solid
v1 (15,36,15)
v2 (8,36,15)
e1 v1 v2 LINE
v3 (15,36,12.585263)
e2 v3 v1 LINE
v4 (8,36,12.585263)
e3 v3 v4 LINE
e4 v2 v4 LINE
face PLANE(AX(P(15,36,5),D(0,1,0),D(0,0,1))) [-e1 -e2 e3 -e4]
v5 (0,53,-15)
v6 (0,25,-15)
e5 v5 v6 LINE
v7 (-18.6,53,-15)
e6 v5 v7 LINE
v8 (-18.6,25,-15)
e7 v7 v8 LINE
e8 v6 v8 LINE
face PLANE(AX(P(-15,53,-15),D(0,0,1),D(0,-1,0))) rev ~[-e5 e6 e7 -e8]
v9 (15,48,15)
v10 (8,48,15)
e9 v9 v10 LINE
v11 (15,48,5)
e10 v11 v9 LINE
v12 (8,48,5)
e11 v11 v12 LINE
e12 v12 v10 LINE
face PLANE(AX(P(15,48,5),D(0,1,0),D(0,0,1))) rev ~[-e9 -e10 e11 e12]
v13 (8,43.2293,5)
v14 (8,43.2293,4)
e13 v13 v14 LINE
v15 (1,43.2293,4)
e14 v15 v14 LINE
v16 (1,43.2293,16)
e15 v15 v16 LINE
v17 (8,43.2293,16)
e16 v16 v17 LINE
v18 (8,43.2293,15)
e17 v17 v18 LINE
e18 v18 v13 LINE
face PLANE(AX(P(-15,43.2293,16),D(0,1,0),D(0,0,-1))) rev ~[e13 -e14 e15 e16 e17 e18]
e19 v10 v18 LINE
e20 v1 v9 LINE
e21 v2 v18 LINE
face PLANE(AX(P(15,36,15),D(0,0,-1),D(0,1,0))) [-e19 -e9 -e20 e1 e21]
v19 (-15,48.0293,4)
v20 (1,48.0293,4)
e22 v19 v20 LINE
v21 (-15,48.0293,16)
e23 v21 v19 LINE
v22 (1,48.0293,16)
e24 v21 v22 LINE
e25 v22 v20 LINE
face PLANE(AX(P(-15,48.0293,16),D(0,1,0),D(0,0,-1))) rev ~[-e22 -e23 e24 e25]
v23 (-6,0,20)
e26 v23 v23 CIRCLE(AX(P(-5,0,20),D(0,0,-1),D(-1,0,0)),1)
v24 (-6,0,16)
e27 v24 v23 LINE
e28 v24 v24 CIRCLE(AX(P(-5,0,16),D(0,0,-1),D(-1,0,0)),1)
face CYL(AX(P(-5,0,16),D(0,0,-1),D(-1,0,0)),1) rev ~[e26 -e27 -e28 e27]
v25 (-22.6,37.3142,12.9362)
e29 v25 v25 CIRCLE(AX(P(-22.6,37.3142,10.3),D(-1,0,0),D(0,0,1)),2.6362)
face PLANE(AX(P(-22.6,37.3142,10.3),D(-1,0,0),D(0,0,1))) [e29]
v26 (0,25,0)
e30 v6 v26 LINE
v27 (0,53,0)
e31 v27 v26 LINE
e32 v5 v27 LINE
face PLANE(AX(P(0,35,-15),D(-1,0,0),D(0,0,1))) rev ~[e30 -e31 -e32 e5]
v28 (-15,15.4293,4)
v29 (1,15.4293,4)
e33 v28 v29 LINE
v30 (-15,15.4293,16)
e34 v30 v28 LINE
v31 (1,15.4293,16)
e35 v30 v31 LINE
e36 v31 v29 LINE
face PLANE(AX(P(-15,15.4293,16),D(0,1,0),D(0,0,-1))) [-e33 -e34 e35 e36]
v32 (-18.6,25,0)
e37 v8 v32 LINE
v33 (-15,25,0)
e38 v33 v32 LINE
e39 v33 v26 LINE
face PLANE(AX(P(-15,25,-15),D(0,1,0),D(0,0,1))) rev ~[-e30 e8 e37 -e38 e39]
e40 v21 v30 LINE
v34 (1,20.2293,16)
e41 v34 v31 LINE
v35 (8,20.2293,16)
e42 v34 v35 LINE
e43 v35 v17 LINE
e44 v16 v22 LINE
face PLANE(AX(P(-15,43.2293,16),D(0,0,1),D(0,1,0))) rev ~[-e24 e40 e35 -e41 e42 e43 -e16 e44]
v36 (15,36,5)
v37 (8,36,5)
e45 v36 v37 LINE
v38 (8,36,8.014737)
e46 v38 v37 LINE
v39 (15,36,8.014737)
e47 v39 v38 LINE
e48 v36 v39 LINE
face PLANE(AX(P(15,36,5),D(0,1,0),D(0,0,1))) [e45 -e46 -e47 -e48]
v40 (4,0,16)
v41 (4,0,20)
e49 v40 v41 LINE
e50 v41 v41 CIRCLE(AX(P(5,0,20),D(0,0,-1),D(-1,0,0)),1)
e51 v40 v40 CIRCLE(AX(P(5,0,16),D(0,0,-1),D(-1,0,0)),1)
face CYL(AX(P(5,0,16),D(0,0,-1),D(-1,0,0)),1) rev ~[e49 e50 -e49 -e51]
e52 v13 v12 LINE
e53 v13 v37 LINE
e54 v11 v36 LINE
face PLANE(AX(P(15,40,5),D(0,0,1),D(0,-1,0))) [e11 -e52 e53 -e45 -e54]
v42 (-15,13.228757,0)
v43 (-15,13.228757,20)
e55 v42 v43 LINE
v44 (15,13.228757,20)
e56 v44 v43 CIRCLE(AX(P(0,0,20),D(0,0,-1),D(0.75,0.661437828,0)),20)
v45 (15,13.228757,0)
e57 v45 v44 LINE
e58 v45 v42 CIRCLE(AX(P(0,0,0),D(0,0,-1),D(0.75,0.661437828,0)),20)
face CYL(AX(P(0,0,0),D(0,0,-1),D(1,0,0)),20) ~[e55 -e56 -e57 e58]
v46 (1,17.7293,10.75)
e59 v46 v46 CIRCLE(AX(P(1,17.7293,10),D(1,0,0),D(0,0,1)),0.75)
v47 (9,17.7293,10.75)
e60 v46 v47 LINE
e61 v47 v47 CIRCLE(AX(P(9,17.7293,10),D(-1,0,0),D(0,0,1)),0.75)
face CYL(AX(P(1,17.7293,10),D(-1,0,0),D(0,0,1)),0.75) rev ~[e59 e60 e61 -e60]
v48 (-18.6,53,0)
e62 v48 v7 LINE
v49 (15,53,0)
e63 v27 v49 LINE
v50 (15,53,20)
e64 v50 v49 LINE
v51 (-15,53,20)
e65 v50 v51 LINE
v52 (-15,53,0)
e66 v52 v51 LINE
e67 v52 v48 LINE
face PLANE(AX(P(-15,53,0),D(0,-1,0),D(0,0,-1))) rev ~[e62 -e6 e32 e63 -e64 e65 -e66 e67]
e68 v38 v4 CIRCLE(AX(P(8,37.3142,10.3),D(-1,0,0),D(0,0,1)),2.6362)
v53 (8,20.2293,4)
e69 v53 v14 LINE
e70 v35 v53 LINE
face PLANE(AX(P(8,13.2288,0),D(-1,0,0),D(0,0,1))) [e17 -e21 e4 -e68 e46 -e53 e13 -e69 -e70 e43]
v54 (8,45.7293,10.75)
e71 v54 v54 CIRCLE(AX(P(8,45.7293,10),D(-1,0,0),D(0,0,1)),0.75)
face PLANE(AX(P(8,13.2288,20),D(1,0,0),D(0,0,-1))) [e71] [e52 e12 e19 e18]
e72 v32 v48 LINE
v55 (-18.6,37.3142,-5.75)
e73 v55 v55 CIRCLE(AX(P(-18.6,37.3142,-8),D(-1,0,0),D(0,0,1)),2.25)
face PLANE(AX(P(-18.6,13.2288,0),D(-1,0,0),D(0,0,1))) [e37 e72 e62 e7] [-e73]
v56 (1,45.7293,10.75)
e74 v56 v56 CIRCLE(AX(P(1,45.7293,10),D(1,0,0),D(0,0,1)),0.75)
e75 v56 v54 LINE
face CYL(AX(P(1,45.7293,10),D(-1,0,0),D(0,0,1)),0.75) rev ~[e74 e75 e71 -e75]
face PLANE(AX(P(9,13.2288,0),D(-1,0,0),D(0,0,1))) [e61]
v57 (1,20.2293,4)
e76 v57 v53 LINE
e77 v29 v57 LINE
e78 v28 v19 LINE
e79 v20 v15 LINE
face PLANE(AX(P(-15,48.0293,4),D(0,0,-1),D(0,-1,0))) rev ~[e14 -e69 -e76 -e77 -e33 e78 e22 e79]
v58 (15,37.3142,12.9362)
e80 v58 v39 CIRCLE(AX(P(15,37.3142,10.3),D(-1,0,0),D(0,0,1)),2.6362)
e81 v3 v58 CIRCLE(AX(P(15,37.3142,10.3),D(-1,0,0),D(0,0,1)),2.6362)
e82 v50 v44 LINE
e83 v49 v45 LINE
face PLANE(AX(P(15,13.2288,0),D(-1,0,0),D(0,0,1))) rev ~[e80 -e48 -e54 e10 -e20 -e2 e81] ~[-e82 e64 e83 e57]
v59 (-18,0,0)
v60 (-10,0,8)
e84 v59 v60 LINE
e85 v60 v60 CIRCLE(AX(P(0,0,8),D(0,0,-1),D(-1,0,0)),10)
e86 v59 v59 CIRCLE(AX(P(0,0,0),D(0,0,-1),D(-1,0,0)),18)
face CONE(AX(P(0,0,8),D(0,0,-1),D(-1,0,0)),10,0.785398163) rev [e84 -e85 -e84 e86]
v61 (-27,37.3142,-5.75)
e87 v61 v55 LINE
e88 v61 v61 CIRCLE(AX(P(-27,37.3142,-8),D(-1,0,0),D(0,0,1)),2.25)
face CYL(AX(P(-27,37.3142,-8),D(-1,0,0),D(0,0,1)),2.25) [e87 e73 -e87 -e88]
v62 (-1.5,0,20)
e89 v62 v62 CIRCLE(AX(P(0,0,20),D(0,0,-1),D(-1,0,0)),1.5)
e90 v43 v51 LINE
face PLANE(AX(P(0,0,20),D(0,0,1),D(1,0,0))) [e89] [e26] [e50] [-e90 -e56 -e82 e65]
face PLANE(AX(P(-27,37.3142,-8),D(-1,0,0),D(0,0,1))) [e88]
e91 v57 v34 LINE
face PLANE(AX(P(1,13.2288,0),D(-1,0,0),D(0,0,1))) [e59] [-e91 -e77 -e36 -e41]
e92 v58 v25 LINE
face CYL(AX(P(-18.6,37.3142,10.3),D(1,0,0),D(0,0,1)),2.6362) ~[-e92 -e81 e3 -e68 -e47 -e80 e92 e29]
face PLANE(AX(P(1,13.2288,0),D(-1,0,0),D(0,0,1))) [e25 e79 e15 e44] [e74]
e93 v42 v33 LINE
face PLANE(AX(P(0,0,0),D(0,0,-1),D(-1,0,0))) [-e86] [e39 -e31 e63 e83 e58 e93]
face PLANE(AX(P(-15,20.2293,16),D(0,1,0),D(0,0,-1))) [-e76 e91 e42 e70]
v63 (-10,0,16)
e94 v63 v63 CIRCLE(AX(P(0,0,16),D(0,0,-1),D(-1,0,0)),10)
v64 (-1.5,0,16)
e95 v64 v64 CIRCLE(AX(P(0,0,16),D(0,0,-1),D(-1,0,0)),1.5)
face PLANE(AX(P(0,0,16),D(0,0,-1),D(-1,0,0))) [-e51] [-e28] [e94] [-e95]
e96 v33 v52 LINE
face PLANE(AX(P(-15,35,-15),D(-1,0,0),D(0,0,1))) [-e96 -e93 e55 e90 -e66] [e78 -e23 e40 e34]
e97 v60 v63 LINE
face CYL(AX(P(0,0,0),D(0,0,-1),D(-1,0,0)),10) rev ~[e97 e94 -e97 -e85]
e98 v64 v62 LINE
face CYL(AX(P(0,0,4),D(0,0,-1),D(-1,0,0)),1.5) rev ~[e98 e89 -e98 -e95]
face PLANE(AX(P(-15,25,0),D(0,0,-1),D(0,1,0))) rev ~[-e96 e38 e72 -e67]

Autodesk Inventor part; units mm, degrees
ref_plane "YZ Plane" through (0, 0, 0) normal (1, 0, 0) x (0, 1, 0)
ref_plane "XZ Plane" through (0, 0, 0) normal (0, 1, 0) x (-1, 0, 0)
ref_plane "XY Plane" through (0, 0, 0) normal (0, 0, 1) x (1, 0, 0)
sketch "Sketch1" plane through (0, 0, 0) normal (0, 0, 1) x (1, 0, 0)
  circle A0 centre (0, 0) radius 10
  circle A1 centre (0, 0) radius 20
  line L0 (-15, 0) -> (15, 0)
  line L1 (15, 0) -> (15, 50)
  line L2 (15, 50) -> (-15, 50)
  line L3 (-15, 50) -> (-15, 0)
  point P0 (-15, 13.2288)
  point P1 (15, 13.2288)
  dimension "d0" = 20
  dimension "d1" = 40
  dimension "d2" = 30
  dimension "d3" = 50
extrude "Extrusion1" add sketch "Sketch1" along normal blind 20
sketch "Sketch2" plane through (0, 0, 20) normal (0, 0, 1) x (1, 0, 0)
  circle A0 centre (0, 0) radius 10
  dimension "d6" = 20
extrude "Extrusion2" cut sketch "Sketch2" against normal blind 15
sketch "Sketch4" plane through (-15, 13.2288, 0) normal (-1, 0, 0) x (0, 0, 1)
  line L0 (0, 36.7712) -> (20, 36.7712) projected
  line L1 (0, 0) -> (0, 36.7712) projected
  line L2 (20, 36.7712) -> (0, 36.7712)
  line L3 (0, 36.7712) -> (0, 0)
  line L4 (0, 0) -> (20, 0)
  line L5 (20, 0) -> (20, 36.7712)
  line L6 (0, 0) -> (20, 0) projected
  line L7 (20, 36.7712) -> (10, 36.7712)
  line L8 (10, 36.7712) -> (10, 0)
  line L9 (10, 0) -> (20, 0)
  line L10 (20, 0) -> (20, 36.7712)
  line L11 (10, 0) -> (16, 0)
  line L12 (16, 0) -> (16, 25)
  line L13 (16, 25) -> (10, 25)
  line L14 (10, 25) -> (10, 0)
  line L15 (10, 25) -> (4, 25)
  line L16 (4, 25) -> (4, 0)
  line L17 (4, 0) -> (10, 0)
  line L18 (10, 0) -> (10, 25)
  line L19 (4, 25) -> (16, 25)
  line L20 (16, 25) -> (16, 30.0005)
  line L21 (16, 30.0005) -> (4, 30.0005)
  line L22 (4, 30.0005) -> (4, 25)
  line L23 (4, 30.0005) -> (16, 30.0005)
  line L24 (16, 30.0005) -> (16, 7.0005)
  line L25 (16, 7.0005) -> (4, 7.0005)
  line L26 (4, 7.0005) -> (4, 30.0005)
  line L27 (10, 7.0005) -> (16, 7.0005)
  line L28 (16, 7.0005) -> (16, 0)
  line L29 (16, 0) -> (10, 0)
  line L30 (10, 0) -> (10, 7.0005)
  point P0 (0, -13.2288)
  dimension "d13" = 6
  dimension "d14" = 25
  dimension "d15" = 6
  dimension "d16" = 23
extrude "Extrusion3" cut sketch "Sketch4" against normal blind 23 contours L21 L20 L13 L8 | L8 L15 L22 L21 | L13 L12 L25 L8 | L8 L25 L16 L15
sketch "Sketch6" plane through (-15, 13.2288, 0) normal (-1, 0, 0) x (0, 0, 1)
  line L0 (4, 7.0005) -> (4, 30.0005) projected
  line L1 (4, 7.0005) -> (16, 7.0005)
  line L2 (16, 7.0005) -> (16, 2.2005)
  line L3 (16, 2.2005) -> (4, 2.2005)
  line L4 (4, 2.2005) -> (4, 7.0005)
  line L5 (4, 30.0005) -> (16, 30.0005)
  line L6 (16, 30.0005) -> (16, 34.8005)
  line L7 (16, 34.8005) -> (4, 34.8005)
  line L8 (4, 34.8005) -> (4, 30.0005)
  point P0 (0, -13.2288)
  dimension "d19" = 12
  dimension "d20" = 4.8
  dimension "d21" = 4.8
extrude "Extrusion4" cut sketch "Sketch6" against normal blind 16
sketch "Sketch7" plane through (1, 13.2288, 0) normal (-1, 0, 0) x (0, 0, 1)
  line L0 (4, 30.0005) -> (16, 30.0005) projected
  line L1 (4, 30.0005) -> (10, 30.0005)
  line L2 (10, 30.0005) -> (10, 32.5005)
  line L3 (10, 32.5005) -> (4, 32.5005)
  line L4 (4, 32.5005) -> (4, 30.0005)
  circle A0 centre (10, 32.5005) radius 0.75
  line L5 (16, 7.0005) -> (4, 7.0005) projected
  line L6 (16, 7.0005) -> (16, 2.2005) projected
  line L7 (4, 7.0005) -> (16, 7.0005)
  line L8 (16, 7.0005) -> (16, 4.5005)
  line L9 (16, 4.5005) -> (4, 4.5005)
  line L10 (4, 4.5005) -> (4, 7.0005)
  line L11 (10, 4.5005) -> (4, 4.5005)
  line L12 (4, 4.5005) -> (4, 7.0005)
  line L13 (4, 7.0005) -> (10, 7.0005)
  line L14 (10, 7.0005) -> (10, 4.5005)
  circle A1 centre (10, 4.5005) radius 0.75
  point P0 (0, -13.2288)
  dimension "d24" = 2.5
  dimension "d25" = 1.5
  dimension "d26" = 2.5
  dimension "d27" = 1.5
extrude "Extrusion5" cut sketch "Sketch7" against normal blind 8 contours A0 L3 L2 | L2 L3 A0 | A1 L9 L14 | L14 L9 A1 | A1 L9
sketch "Sketch8" plane through (15, 13.2288, 0) normal (1, 0, 0) x (0, 0, -1)
  line L0 (0, 36.7712) -> (0, 0) projected
  line L1 (-20, 36.7712) -> (-20, 0) projected
  line L2 (0, 36.7712) -> (-20, 36.7712)
  line L3 (-20, 36.7712) -> (-20, 26.7712)
  line L4 (-20, 26.7712) -> (0, 26.7712)
  line L5 (0, 26.7712) -> (0, 36.7712)
  line L6 (0, 26.7712) -> (-20, 26.7712)
  line L7 (-20, 26.7712) -> (-20, 18.7712)
  line L8 (-20, 18.7712) -> (0, 18.7712)
  line L9 (0, 18.7712) -> (0, 26.7712)
  line L10 (0, 26.7712) -> (-10, 26.7712)
  line L11 (-10, 26.7712) -> (-10, 18.7712)
  line L12 (-10, 18.7712) -> (0, 18.7712)
  line L13 (0, 18.7712) -> (0, 26.7712)
  line L14 (-10, 26.7712) -> (-5, 26.7712)
  line L15 (-5, 26.7712) -> (-5, 22.7712)
  line L16 (-5, 22.7712) -> (-10, 22.7712)
  line L17 (-10, 22.7712) -> (-10, 26.7712)
  line L18 (-10, 22.7712) -> (-15, 22.7712)
  line L19 (-15, 22.7712) -> (-15, 26.7712)
  line L20 (-15, 26.7712) -> (-10, 26.7712)
  line L21 (-10, 26.7712) -> (-10, 22.7712)
  point P0 (0, -13.2288)
  dimension "d30" = 10
  dimension "d31" = 8
  dimension "d32" = 5
  dimension "d33" = 5
extrude "Extrusion6" cut sketch "Sketch8" against normal blind 15.8125 contours L15 L16 L11 L4 | L11 L18 L19 L4
sketch "Sketch9" plane through (0, 0, 5) normal (0, 0, 1) x (1, 0, 0)
  circle A0 centre (0, 0) radius 1
  circle A1 centre (7, 0) radius 1.5
  circle A2 centre (0, 0) radius 1.5
  circle A3 centre (-7, 0) radius 1.5
  dimension "d36" = 2
  dimension "d37" = 3
  dimension "d38" = 3
  dimension "d39" = 3
extrude "Extrusion7" cut sketch "Sketch9" against normal blind 8 contours A0 | A1 | A2 | A3
sketch "Sketch10" plane through (-15, 50, 0) normal (0, 1, 0) x (1, 0, 0)
  line L0 (0, 0) -> (0, -20) projected
  line L1 (0, 0) -> (29.4792, 0)
  line L2 (29.4792, 0) -> (29.4792, -20)
  line L3 (29.4792, -20) -> (0, -20)
  line L4 (0, -20) -> (0, 0)
  point P0 (15, 0)
extrude "Extrusion8" add sketch "Sketch10" along normal blind 10
sketch "Sketch11" plane through (0, 0, 0) normal (0, 0, -1) x (-1, 0, 0)
  line L0 (15, 13.2288) -> (15, 60) projected
  line L1 (-15, 13.2288) -> (-15, 50) projected
  line L2 (15, 60) -> (-15, 60)
  line L3 (-15, 60) -> (-15, 45)
  line L4 (-15, 45) -> (15, 45)
  line L5 (15, 45) -> (15, 60)
  line L6 (15, 45) -> (-15, 45)
  line L7 (-15, 45) -> (-15, 35)
  line L8 (-15, 35) -> (15, 35)
  line L9 (15, 35) -> (15, 45)
  point P0 (0, 0)
  dimension "d47" = 15
  dimension "d48" = 10
sketch "Sketch12" plane through (14.4792, 50, 20) normal (1, 0, 0) x (0, 0, -1)
  line L0 (20, 0) -> (20, 10) projected
  line L1 (0, 0) -> (20, 0)
  line L2 (20, 0) -> (20, 10)
  line L3 (20, 10) -> (0, 10)
  line L4 (0, 10) -> (0, 0)
  point P0 (20, -50)
extrude "Extrusion9" cut sketch "Sketch12" against normal blind 59.6125
sketch "Sketch13" plane through (-15, 50, 0) normal (0, 1, 0) x (1, 0, 0)
  line L0 (30, 0) -> (30, -20) projected
  line L1 (0, 0) -> (30, 0)
  line L2 (30, 0) -> (30, -20)
  line L3 (30, -20) -> (0, -20)
  line L4 (0, -20) -> (0, 0)
  point P0 (15, 0)
extrude "Extrusion10" add sketch "Sketch13" along normal blind 10
extrude "Extrusion11" add sketch "Sketch11" along normal blind 10
sketch "Sketch15" plane through (0, 0, 20) normal (0, 0, 1) x (1, 0, 0)
  line L0 (-15, 60) -> (15, 60) projected
  line L1 (-15, 60) -> (0, 60)
  line L2 (0, 60) -> (0, 35)
  line L3 (0, 35) -> (-15, 35)
  line L4 (-15, 35) -> (-15, 60)
  point P0 (0, 0)
  dimension "d56" = 25
extrude "Extrusion12" add sketch "Sketch15" along normal blind 10
sketch "Sketch16" plane through (0, 0, -10) normal (0, 0, -1) x (-1, 0, 0)
  line L0 (-15, 13.2288) -> (-15, 60) projected
  line L1 (0, 35) -> (15, 35) projected
  line L2 (-15, 60) -> (0, 60)
  line L3 (0, 60) -> (0, 35)
  line L4 (0, 35) -> (-15, 35)
  line L5 (-15, 35) -> (-15, 60)
  point P0 (0, 0)
extrude "Extrusion13" cut sketch "Sketch16" against normal blind 10
sketch "Sketch18" plane through (0, 0, 20) normal (0, 0, 1) x (1, 0, 0)
  circle A0 centre (0, 0) radius 10
extrude "Extrusion15" add sketch "Sketch18" against normal blind 16
sketch "Sketch19" plane through (0, 0, 0) normal (0, 0, -1) x (-1, 0, 0)
  circle A0 centre (0, 0) radius 1.5 projected
  circle A1 centre (0, 0) radius 10
  dimension "d72" = 20
extrude "Extrusion16" cut sketch "Sketch19" against normal blind 16
sketch "Sketch20" plane through (0, 0, 4) normal (0, 0, -1) x (-1, 0, 0)
  circle A0 centre (0, 0) radius 1.5 projected
  circle A1 centre (0, 0) radius 1.5
extrude "Extrusion17" cut sketch "Sketch20" against normal blind 30.0375
sketch "Sketch21" plane through (0, 0, 16) normal (0, 0, -1) x (-1, 0, 0)
  circle A0 centre (5, 0) radius 1
  circle A1 centre (-5, 0) radius 1
  point P0 (0, 0)
  dimension "d77" = 2
  dimension "d78" = 2
extrude "Extrusion18" cut sketch "Sketch21" against normal blind 138.2375
chamfer "Chamfer2" distance 8 angle 45 1 edges at (10, 0, 0)
sketch "Sketch33" plane through (15, 13.2288, 20) normal (1, 0, 0) x (0, 0, -1)
  line L0 (5, 26.7712) -> (5, 22.7712) projected
  line L1 (5, 26.7712) -> (15, 26.7712)
  line L2 (15, 26.7712) -> (15, 34.7712)
  line L3 (15, 34.7712) -> (5, 34.7712)
  line L4 (5, 34.7712) -> (5, 26.7712)
  point P0 (20, -13.2288)
  dimension "d110" = 10
  dimension "d111" = 8
extrude "Extrusion27" cut sketch "Sketch33" against normal blind 7
sketch "Sketch41" plane through (-15, 13.2288, 0) normal (-1, 0, 0) x (0, 0, 1)
  line L0 (30, 21.7712) -> (30, 46.7712) projected
  line L1 (30, 21.7712) -> (20, 21.7712)
  line L2 (20, 21.7712) -> (20, 48.4389)
  line L3 (20, 48.4389) -> (30, 48.4389)
  line L4 (30, 48.4389) -> (30, 21.7712)
  point P0 (0, -13.2288)
extrude "Extrusion31" cut sketch "Sketch41" against normal blind 36.0375
sketch "Sketch42" plane through (0, 0, -10) normal (0, 0, -1) x (-1, 0, 0)
  line L0 (0, 35) -> (15, 35) projected
  line L1 (0, 60) -> (0, 35) projected
  line L2 (15, 35) -> (0, 35)
  line L3 (0, 35) -> (0, 60)
  line L4 (0, 60) -> (15, 60)
  line L5 (15, 60) -> (15, 35)
  point P0 (0, 0)
extrude "Extrusion32" add sketch "Sketch42" along normal blind 5
sketch "Sketch43" plane through (-15, 35, 0) normal (0, -1, 0) x (1, 0, 0)
  line L0 (15, -15) -> (15, 0) projected
  line L1 (0, 0) -> (15, 0) projected
  line L2 (15, -15) -> (0, -15)
  line L3 (0, -15) -> (0, 0)
  line L4 (0, 0) -> (15, 0)
  line L5 (15, 0) -> (15, -15)
extrude "Extrusion33" add sketch "Sketch43" along normal blind 10
sketch "Sketch44" plane through (-15, 13.2288, 0) normal (-1, 0, 0) x (0, 0, 1)
  line L0 (16, 2.2005) -> (4, 2.2005) projected
  line L1 (10, 2.2005) -> (10, 34.6918)
  circle A0 centre (10, 24.0854) radius 8
  line L2 (10, 24.0854) -> (-8, 24.0854)
  circle A1 centre (-8, 24.0854) radius 8
  circle A2 centre (-8, 24.0854) radius 2.5
  point P0 (0, -13.2288)
  dimension "d128" = 16
  dimension "d129" = 18
  dimension "d130" = 16
  dimension "d131" = 5
extrude "Extrusion34" add sketch "Sketch44" along normal blind 6 contours A2
sketch "Sketch45" plane through (-15, 60, 0) normal (0, 1, 0) x (1, 0, 0)
  line L0 (0, 0) -> (0, 15) projected
  line L1 (0, -20) -> (30, -20) projected
  line L2 (0, 15) -> (15, 15)
  line L3 (15, 15) -> (15, -20)
  line L4 (15, -20) -> (0, -20)
  line L5 (0, -20) -> (0, 15)
  line L6 (30, -20) -> (30, 0) projected
  line L7 (15, 0) -> (30, 0)
  line L8 (30, 0) -> (30, -20)
  line L9 (30, -20) -> (15, -20)
  line L10 (15, -20) -> (15, 0)
extrude "Extrusion35" cut sketch "Sketch45" against normal blind 7
sketch "Sketch48" plane through (-21, 37.3142, -8) normal (-1, 0, 0) x (0, 0, 1)
  circle A0 centre (0, 0) radius 2.5
  point P0 (8, -37.3142)
extrude "Extrusion36" add sketch "Sketch48" along normal blind 6
sketch "Sketch49" plane through (-15, 13.2288, 0) normal (-1, 0, 0) x (0, 0, 1)
  line L0 (-15, 39.7712) -> (-15, 11.7712) projected
  line L1 (20, 39.7712) -> (-15, 39.7712) projected
  line L2 (-15, 11.7712) -> (0, 11.7712)
  line L3 (0, 11.7712) -> (0, 39.7712)
  line L4 (0, 39.7712) -> (-15, 39.7712)
  line L5 (-15, 39.7712) -> (-15, 11.7712)
  circle A0 centre (-8, 24.0854) radius 2.5 projected
  circle A1 centre (-8, 24.0854) radius 2.5
  point P0 (0, -13.2288)
extrude "Extrusion37" add sketch "Sketch49" along normal blind 3.6
sketch "Sketch53" plane through (-27, 37.3142, -8) normal (-1, 0, 0) x (0, 0, 1)
  circle A0 centre (0, 0) radius 2.5
  circle A1 centre (0, 0) radius 2.25
  point P0 (8, -37.3142)
  dimension "d140" = 4.5
extrude "Extrusion38" cut sketch "Sketch53" against normal blind 8.4
sketch "Sketch55" plane through (-18.6, 13.2288, 0) normal (-1, 0, 0) x (0, 0, 1)
  circle A0 centre (-8, 24.0854) radius 2.25 construction
  line L0 (-8, 24.0854) -> (28.6, 24.0854) construction
  circle A1 centre (10.3, 24.0854) radius 2.6362
  point P0 (0, -13.2288)
  dimension "d149" = 18.3
extrude "Extrusion40" add sketch "Sketch55" against normal up to surface (33.6 mm away)
sketch "Sketch56" plane through (-18.6, 37.3142, 10.3) normal (-1, 0, 0) x (0, 0, 1)
  circle A0 centre (0, 0) radius 2.6362
  point P0 (-10.3, -37.3142)
extrude "Extrusion41" add sketch "Sketch56" along normal blind 4
properties part number "NeWConceptV2.0"
